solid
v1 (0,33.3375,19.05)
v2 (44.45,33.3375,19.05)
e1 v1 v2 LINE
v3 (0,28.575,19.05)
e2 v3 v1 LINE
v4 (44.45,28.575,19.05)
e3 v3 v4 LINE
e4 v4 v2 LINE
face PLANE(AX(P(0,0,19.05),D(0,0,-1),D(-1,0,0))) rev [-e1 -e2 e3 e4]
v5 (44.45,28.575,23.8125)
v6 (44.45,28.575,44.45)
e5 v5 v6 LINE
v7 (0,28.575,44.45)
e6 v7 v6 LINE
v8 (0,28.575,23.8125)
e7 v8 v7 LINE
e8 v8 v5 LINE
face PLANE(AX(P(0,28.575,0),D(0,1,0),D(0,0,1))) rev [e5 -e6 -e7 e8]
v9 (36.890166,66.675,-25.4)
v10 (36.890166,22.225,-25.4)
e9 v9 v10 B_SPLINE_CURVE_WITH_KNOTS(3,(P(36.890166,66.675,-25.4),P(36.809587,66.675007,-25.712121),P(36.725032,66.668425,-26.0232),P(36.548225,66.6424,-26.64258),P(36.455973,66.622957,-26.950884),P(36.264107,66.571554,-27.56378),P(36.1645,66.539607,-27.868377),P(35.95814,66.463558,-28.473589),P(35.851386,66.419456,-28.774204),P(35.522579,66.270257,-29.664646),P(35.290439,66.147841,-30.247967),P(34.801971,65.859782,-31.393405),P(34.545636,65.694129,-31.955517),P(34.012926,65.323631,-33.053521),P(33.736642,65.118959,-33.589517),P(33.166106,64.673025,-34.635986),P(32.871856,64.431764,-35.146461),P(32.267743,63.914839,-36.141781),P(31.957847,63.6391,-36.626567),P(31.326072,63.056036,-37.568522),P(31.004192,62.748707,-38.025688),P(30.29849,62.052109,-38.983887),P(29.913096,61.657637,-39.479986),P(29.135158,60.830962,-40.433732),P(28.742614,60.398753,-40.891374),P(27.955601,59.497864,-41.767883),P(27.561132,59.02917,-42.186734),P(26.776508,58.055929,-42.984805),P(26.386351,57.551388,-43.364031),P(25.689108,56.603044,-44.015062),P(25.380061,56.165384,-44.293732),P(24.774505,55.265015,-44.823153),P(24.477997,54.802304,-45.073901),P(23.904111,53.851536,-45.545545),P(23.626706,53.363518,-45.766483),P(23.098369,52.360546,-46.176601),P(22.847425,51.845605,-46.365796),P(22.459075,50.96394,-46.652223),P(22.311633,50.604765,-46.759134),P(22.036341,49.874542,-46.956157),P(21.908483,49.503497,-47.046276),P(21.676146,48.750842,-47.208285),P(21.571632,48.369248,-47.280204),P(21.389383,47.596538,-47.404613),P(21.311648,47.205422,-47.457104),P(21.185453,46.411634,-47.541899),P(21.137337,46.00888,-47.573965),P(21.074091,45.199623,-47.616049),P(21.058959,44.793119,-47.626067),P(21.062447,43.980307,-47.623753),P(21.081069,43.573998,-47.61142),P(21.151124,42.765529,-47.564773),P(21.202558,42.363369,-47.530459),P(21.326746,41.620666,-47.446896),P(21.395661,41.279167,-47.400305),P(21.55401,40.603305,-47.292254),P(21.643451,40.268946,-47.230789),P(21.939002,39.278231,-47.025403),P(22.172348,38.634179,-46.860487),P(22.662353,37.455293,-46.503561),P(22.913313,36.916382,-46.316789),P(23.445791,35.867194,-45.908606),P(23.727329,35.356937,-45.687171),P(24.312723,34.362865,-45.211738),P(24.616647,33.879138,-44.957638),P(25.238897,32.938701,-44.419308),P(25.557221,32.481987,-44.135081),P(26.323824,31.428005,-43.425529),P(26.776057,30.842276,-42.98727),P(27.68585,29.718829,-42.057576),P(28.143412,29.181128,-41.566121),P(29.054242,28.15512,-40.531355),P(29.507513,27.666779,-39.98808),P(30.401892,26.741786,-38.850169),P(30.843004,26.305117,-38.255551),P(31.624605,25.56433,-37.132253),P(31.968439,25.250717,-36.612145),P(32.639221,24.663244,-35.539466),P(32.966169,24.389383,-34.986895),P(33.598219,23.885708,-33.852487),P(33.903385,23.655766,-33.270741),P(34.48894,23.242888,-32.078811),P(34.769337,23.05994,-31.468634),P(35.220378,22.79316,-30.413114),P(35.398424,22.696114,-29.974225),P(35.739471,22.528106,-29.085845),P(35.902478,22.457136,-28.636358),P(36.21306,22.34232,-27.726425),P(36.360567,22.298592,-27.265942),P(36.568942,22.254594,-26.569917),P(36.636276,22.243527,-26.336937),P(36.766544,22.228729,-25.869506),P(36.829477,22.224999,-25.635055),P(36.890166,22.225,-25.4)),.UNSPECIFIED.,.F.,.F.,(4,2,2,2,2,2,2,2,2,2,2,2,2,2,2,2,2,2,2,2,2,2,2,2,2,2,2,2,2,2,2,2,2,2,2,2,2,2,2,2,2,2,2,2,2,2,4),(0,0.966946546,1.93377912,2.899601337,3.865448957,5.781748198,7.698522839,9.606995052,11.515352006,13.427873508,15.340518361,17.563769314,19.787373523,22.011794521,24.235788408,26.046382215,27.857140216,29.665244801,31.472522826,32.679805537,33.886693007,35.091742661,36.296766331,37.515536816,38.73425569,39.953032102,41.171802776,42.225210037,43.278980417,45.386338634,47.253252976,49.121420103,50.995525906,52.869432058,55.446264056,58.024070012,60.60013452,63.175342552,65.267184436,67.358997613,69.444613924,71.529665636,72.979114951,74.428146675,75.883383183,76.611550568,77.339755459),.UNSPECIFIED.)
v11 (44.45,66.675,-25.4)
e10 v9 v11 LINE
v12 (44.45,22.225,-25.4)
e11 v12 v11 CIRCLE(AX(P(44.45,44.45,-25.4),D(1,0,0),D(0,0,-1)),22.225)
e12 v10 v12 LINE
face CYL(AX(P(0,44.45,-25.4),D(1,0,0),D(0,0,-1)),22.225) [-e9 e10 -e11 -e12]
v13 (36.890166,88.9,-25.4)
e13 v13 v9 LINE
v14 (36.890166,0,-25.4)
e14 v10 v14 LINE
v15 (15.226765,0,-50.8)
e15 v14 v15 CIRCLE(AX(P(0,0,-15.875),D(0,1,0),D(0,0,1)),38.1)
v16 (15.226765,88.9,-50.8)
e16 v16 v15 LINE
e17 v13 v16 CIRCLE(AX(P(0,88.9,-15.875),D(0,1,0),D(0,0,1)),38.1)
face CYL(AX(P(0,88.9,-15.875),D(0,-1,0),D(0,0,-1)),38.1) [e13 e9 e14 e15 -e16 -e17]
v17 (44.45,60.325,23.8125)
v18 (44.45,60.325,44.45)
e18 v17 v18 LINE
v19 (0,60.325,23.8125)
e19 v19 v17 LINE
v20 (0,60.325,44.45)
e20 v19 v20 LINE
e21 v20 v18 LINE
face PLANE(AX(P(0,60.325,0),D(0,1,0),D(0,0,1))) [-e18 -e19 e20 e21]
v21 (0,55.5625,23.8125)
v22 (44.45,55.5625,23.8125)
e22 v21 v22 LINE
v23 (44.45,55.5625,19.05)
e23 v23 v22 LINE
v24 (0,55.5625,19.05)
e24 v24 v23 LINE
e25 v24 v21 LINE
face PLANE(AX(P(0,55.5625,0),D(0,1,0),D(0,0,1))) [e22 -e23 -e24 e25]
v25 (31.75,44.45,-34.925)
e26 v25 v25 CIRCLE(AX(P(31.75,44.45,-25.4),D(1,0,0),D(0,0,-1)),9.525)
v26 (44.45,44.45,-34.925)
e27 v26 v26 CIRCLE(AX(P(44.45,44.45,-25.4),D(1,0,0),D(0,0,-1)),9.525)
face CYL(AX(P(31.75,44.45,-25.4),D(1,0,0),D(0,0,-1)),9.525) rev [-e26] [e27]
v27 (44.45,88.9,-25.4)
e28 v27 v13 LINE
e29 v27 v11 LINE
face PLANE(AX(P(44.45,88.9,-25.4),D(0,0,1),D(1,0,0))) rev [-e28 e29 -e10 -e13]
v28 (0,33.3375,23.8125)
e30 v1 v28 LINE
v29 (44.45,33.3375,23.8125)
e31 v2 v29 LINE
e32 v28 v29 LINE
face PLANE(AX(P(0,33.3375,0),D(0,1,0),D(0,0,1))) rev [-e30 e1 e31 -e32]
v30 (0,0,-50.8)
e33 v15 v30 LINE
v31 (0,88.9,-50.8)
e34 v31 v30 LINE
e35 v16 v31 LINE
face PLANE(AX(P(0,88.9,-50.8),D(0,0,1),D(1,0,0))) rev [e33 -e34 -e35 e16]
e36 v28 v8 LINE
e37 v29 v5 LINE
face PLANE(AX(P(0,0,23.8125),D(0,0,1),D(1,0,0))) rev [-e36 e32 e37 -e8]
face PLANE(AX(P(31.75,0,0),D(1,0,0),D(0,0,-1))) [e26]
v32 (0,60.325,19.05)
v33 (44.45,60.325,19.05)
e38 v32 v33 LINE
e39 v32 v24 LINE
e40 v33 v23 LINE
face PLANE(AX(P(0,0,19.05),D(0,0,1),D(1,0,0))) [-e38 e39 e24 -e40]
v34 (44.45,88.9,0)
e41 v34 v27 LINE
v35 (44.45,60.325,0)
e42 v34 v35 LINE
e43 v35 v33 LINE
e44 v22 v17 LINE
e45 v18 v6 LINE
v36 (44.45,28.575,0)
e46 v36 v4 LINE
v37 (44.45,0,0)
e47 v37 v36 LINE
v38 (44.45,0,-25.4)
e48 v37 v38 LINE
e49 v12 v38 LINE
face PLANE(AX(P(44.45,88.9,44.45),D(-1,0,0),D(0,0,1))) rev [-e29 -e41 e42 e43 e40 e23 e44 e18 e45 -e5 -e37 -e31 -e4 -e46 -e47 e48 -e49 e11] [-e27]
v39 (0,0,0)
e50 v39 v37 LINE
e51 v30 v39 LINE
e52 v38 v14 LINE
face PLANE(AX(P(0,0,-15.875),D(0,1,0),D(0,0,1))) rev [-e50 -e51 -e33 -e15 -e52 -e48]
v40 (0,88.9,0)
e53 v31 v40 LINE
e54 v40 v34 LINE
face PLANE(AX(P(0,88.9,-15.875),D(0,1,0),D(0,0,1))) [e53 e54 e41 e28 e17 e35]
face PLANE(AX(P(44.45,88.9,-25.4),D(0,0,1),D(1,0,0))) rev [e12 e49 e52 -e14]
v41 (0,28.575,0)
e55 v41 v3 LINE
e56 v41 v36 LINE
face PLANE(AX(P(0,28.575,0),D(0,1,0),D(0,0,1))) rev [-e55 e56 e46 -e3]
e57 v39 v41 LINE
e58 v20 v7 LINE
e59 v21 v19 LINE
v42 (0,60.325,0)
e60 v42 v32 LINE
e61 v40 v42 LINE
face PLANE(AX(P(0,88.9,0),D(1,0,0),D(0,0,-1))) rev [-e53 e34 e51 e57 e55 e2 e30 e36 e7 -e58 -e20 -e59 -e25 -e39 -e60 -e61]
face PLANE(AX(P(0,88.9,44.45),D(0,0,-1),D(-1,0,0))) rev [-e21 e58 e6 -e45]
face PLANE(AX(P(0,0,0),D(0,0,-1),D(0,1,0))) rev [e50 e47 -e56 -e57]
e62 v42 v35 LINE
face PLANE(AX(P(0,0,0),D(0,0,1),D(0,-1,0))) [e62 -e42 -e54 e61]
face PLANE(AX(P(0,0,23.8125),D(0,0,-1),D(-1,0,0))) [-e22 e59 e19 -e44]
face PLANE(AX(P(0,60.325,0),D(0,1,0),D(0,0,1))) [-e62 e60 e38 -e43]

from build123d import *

# Parameters (mm, degrees)
BOSS_EXTRUDE1_DEPTH = 88.9
BOSS_EXTRUDE2_DEPTH = 44.45
CUT_EXTRUDE1_DEPTH  = 12.7
CUT_EXTRUDE2_DEPTH  = 44.45


with BuildPart() as part:
    # Sketch2 → Boss-Extrude1 (new body)
    with BuildSketch(Plane(origin=(0, 0, 0), x_dir=(1, 0, 0), z_dir=(0, 1, 0))):
        with BuildLine():
            Line((0, 0), (0, 50.8))
            Line((0, 50.8), (15.226765087, 50.8))
            ThreePointArc((15.226765087, 50.8), (28.988508692, 40.599003798), (36.890166373, 25.4))
            Line((36.890166373, 25.4), (44.45, 25.4))
            Line((44.45, 25.4), (44.45, -44.45))
            Line((44.45, -44.45), (0, -44.45))
            Line((0, -44.45), (0, 0))
        make_face()
    extrude(amount=BOSS_EXTRUDE1_DEPTH)

    # Sketch3 → Boss-Extrude2 (add)
    with BuildSketch(Plane(origin=(44.45, 0, 0), x_dir=(0, 0, -1), z_dir=(1, 0, 0))):
        with BuildLine():
            Line((25.4, 66.675), (25.4, 22.225))
            ThreePointArc((25.4, 22.225), (47.625, 44.45), (25.4, 66.675))
        make_face()
    extrude(amount=-BOSS_EXTRUDE2_DEPTH)

    # Sketch4 → Cut-Extrude1 (cut)
    with BuildSketch(Plane(origin=(44.45, 0, 0), x_dir=(0, 0, -1), z_dir=(1, 0, 0))):
        with BuildLine():
            ThreePointArc((34.925, 44.45), (32.135192091, 51.185192091), (25.4, 53.975))
            Line((25.4, 53.975), (25.4, 34.925))
            ThreePointArc((25.4, 34.925), (32.135192091, 37.714807909), (34.925, 44.45))
        make_face()
        with BuildLine():
            Line((25.4, 34.925), (25.4, 53.975))
            ThreePointArc((25.4, 53.975), (15.875, 44.45), (25.4, 34.925))
        make_face()
    extrude(amount=-CUT_EXTRUDE1_DEPTH, mode=Mode.SUBTRACT)

    # Sketch5 → Cut-Extrude2 (cut)
    with BuildSketch(Plane(origin=(44.45, 0, 0), x_dir=(0, 0, -1), z_dir=(1, 0, 0))):
        Polygon((0, 88.9), (-44.45, 88.9), (-44.45, 60.325), (-23.8125, 60.325), (-23.8125, 55.5625), (-19.05, 55.5625), (-19.05, 60.325), (0, 60.325), align=None)
        Polygon((-23.8125, 28.575), (-44.45, 28.575), (-44.45, 0), (0, 0), (0, 28.575), (-19.05, 28.575), (-19.05, 33.3375), (-23.8125, 33.3375), align=None)
    extrude(amount=-CUT_EXTRUDE2_DEPTH, mode=Mode.SUBTRACT)


solid = part.part
